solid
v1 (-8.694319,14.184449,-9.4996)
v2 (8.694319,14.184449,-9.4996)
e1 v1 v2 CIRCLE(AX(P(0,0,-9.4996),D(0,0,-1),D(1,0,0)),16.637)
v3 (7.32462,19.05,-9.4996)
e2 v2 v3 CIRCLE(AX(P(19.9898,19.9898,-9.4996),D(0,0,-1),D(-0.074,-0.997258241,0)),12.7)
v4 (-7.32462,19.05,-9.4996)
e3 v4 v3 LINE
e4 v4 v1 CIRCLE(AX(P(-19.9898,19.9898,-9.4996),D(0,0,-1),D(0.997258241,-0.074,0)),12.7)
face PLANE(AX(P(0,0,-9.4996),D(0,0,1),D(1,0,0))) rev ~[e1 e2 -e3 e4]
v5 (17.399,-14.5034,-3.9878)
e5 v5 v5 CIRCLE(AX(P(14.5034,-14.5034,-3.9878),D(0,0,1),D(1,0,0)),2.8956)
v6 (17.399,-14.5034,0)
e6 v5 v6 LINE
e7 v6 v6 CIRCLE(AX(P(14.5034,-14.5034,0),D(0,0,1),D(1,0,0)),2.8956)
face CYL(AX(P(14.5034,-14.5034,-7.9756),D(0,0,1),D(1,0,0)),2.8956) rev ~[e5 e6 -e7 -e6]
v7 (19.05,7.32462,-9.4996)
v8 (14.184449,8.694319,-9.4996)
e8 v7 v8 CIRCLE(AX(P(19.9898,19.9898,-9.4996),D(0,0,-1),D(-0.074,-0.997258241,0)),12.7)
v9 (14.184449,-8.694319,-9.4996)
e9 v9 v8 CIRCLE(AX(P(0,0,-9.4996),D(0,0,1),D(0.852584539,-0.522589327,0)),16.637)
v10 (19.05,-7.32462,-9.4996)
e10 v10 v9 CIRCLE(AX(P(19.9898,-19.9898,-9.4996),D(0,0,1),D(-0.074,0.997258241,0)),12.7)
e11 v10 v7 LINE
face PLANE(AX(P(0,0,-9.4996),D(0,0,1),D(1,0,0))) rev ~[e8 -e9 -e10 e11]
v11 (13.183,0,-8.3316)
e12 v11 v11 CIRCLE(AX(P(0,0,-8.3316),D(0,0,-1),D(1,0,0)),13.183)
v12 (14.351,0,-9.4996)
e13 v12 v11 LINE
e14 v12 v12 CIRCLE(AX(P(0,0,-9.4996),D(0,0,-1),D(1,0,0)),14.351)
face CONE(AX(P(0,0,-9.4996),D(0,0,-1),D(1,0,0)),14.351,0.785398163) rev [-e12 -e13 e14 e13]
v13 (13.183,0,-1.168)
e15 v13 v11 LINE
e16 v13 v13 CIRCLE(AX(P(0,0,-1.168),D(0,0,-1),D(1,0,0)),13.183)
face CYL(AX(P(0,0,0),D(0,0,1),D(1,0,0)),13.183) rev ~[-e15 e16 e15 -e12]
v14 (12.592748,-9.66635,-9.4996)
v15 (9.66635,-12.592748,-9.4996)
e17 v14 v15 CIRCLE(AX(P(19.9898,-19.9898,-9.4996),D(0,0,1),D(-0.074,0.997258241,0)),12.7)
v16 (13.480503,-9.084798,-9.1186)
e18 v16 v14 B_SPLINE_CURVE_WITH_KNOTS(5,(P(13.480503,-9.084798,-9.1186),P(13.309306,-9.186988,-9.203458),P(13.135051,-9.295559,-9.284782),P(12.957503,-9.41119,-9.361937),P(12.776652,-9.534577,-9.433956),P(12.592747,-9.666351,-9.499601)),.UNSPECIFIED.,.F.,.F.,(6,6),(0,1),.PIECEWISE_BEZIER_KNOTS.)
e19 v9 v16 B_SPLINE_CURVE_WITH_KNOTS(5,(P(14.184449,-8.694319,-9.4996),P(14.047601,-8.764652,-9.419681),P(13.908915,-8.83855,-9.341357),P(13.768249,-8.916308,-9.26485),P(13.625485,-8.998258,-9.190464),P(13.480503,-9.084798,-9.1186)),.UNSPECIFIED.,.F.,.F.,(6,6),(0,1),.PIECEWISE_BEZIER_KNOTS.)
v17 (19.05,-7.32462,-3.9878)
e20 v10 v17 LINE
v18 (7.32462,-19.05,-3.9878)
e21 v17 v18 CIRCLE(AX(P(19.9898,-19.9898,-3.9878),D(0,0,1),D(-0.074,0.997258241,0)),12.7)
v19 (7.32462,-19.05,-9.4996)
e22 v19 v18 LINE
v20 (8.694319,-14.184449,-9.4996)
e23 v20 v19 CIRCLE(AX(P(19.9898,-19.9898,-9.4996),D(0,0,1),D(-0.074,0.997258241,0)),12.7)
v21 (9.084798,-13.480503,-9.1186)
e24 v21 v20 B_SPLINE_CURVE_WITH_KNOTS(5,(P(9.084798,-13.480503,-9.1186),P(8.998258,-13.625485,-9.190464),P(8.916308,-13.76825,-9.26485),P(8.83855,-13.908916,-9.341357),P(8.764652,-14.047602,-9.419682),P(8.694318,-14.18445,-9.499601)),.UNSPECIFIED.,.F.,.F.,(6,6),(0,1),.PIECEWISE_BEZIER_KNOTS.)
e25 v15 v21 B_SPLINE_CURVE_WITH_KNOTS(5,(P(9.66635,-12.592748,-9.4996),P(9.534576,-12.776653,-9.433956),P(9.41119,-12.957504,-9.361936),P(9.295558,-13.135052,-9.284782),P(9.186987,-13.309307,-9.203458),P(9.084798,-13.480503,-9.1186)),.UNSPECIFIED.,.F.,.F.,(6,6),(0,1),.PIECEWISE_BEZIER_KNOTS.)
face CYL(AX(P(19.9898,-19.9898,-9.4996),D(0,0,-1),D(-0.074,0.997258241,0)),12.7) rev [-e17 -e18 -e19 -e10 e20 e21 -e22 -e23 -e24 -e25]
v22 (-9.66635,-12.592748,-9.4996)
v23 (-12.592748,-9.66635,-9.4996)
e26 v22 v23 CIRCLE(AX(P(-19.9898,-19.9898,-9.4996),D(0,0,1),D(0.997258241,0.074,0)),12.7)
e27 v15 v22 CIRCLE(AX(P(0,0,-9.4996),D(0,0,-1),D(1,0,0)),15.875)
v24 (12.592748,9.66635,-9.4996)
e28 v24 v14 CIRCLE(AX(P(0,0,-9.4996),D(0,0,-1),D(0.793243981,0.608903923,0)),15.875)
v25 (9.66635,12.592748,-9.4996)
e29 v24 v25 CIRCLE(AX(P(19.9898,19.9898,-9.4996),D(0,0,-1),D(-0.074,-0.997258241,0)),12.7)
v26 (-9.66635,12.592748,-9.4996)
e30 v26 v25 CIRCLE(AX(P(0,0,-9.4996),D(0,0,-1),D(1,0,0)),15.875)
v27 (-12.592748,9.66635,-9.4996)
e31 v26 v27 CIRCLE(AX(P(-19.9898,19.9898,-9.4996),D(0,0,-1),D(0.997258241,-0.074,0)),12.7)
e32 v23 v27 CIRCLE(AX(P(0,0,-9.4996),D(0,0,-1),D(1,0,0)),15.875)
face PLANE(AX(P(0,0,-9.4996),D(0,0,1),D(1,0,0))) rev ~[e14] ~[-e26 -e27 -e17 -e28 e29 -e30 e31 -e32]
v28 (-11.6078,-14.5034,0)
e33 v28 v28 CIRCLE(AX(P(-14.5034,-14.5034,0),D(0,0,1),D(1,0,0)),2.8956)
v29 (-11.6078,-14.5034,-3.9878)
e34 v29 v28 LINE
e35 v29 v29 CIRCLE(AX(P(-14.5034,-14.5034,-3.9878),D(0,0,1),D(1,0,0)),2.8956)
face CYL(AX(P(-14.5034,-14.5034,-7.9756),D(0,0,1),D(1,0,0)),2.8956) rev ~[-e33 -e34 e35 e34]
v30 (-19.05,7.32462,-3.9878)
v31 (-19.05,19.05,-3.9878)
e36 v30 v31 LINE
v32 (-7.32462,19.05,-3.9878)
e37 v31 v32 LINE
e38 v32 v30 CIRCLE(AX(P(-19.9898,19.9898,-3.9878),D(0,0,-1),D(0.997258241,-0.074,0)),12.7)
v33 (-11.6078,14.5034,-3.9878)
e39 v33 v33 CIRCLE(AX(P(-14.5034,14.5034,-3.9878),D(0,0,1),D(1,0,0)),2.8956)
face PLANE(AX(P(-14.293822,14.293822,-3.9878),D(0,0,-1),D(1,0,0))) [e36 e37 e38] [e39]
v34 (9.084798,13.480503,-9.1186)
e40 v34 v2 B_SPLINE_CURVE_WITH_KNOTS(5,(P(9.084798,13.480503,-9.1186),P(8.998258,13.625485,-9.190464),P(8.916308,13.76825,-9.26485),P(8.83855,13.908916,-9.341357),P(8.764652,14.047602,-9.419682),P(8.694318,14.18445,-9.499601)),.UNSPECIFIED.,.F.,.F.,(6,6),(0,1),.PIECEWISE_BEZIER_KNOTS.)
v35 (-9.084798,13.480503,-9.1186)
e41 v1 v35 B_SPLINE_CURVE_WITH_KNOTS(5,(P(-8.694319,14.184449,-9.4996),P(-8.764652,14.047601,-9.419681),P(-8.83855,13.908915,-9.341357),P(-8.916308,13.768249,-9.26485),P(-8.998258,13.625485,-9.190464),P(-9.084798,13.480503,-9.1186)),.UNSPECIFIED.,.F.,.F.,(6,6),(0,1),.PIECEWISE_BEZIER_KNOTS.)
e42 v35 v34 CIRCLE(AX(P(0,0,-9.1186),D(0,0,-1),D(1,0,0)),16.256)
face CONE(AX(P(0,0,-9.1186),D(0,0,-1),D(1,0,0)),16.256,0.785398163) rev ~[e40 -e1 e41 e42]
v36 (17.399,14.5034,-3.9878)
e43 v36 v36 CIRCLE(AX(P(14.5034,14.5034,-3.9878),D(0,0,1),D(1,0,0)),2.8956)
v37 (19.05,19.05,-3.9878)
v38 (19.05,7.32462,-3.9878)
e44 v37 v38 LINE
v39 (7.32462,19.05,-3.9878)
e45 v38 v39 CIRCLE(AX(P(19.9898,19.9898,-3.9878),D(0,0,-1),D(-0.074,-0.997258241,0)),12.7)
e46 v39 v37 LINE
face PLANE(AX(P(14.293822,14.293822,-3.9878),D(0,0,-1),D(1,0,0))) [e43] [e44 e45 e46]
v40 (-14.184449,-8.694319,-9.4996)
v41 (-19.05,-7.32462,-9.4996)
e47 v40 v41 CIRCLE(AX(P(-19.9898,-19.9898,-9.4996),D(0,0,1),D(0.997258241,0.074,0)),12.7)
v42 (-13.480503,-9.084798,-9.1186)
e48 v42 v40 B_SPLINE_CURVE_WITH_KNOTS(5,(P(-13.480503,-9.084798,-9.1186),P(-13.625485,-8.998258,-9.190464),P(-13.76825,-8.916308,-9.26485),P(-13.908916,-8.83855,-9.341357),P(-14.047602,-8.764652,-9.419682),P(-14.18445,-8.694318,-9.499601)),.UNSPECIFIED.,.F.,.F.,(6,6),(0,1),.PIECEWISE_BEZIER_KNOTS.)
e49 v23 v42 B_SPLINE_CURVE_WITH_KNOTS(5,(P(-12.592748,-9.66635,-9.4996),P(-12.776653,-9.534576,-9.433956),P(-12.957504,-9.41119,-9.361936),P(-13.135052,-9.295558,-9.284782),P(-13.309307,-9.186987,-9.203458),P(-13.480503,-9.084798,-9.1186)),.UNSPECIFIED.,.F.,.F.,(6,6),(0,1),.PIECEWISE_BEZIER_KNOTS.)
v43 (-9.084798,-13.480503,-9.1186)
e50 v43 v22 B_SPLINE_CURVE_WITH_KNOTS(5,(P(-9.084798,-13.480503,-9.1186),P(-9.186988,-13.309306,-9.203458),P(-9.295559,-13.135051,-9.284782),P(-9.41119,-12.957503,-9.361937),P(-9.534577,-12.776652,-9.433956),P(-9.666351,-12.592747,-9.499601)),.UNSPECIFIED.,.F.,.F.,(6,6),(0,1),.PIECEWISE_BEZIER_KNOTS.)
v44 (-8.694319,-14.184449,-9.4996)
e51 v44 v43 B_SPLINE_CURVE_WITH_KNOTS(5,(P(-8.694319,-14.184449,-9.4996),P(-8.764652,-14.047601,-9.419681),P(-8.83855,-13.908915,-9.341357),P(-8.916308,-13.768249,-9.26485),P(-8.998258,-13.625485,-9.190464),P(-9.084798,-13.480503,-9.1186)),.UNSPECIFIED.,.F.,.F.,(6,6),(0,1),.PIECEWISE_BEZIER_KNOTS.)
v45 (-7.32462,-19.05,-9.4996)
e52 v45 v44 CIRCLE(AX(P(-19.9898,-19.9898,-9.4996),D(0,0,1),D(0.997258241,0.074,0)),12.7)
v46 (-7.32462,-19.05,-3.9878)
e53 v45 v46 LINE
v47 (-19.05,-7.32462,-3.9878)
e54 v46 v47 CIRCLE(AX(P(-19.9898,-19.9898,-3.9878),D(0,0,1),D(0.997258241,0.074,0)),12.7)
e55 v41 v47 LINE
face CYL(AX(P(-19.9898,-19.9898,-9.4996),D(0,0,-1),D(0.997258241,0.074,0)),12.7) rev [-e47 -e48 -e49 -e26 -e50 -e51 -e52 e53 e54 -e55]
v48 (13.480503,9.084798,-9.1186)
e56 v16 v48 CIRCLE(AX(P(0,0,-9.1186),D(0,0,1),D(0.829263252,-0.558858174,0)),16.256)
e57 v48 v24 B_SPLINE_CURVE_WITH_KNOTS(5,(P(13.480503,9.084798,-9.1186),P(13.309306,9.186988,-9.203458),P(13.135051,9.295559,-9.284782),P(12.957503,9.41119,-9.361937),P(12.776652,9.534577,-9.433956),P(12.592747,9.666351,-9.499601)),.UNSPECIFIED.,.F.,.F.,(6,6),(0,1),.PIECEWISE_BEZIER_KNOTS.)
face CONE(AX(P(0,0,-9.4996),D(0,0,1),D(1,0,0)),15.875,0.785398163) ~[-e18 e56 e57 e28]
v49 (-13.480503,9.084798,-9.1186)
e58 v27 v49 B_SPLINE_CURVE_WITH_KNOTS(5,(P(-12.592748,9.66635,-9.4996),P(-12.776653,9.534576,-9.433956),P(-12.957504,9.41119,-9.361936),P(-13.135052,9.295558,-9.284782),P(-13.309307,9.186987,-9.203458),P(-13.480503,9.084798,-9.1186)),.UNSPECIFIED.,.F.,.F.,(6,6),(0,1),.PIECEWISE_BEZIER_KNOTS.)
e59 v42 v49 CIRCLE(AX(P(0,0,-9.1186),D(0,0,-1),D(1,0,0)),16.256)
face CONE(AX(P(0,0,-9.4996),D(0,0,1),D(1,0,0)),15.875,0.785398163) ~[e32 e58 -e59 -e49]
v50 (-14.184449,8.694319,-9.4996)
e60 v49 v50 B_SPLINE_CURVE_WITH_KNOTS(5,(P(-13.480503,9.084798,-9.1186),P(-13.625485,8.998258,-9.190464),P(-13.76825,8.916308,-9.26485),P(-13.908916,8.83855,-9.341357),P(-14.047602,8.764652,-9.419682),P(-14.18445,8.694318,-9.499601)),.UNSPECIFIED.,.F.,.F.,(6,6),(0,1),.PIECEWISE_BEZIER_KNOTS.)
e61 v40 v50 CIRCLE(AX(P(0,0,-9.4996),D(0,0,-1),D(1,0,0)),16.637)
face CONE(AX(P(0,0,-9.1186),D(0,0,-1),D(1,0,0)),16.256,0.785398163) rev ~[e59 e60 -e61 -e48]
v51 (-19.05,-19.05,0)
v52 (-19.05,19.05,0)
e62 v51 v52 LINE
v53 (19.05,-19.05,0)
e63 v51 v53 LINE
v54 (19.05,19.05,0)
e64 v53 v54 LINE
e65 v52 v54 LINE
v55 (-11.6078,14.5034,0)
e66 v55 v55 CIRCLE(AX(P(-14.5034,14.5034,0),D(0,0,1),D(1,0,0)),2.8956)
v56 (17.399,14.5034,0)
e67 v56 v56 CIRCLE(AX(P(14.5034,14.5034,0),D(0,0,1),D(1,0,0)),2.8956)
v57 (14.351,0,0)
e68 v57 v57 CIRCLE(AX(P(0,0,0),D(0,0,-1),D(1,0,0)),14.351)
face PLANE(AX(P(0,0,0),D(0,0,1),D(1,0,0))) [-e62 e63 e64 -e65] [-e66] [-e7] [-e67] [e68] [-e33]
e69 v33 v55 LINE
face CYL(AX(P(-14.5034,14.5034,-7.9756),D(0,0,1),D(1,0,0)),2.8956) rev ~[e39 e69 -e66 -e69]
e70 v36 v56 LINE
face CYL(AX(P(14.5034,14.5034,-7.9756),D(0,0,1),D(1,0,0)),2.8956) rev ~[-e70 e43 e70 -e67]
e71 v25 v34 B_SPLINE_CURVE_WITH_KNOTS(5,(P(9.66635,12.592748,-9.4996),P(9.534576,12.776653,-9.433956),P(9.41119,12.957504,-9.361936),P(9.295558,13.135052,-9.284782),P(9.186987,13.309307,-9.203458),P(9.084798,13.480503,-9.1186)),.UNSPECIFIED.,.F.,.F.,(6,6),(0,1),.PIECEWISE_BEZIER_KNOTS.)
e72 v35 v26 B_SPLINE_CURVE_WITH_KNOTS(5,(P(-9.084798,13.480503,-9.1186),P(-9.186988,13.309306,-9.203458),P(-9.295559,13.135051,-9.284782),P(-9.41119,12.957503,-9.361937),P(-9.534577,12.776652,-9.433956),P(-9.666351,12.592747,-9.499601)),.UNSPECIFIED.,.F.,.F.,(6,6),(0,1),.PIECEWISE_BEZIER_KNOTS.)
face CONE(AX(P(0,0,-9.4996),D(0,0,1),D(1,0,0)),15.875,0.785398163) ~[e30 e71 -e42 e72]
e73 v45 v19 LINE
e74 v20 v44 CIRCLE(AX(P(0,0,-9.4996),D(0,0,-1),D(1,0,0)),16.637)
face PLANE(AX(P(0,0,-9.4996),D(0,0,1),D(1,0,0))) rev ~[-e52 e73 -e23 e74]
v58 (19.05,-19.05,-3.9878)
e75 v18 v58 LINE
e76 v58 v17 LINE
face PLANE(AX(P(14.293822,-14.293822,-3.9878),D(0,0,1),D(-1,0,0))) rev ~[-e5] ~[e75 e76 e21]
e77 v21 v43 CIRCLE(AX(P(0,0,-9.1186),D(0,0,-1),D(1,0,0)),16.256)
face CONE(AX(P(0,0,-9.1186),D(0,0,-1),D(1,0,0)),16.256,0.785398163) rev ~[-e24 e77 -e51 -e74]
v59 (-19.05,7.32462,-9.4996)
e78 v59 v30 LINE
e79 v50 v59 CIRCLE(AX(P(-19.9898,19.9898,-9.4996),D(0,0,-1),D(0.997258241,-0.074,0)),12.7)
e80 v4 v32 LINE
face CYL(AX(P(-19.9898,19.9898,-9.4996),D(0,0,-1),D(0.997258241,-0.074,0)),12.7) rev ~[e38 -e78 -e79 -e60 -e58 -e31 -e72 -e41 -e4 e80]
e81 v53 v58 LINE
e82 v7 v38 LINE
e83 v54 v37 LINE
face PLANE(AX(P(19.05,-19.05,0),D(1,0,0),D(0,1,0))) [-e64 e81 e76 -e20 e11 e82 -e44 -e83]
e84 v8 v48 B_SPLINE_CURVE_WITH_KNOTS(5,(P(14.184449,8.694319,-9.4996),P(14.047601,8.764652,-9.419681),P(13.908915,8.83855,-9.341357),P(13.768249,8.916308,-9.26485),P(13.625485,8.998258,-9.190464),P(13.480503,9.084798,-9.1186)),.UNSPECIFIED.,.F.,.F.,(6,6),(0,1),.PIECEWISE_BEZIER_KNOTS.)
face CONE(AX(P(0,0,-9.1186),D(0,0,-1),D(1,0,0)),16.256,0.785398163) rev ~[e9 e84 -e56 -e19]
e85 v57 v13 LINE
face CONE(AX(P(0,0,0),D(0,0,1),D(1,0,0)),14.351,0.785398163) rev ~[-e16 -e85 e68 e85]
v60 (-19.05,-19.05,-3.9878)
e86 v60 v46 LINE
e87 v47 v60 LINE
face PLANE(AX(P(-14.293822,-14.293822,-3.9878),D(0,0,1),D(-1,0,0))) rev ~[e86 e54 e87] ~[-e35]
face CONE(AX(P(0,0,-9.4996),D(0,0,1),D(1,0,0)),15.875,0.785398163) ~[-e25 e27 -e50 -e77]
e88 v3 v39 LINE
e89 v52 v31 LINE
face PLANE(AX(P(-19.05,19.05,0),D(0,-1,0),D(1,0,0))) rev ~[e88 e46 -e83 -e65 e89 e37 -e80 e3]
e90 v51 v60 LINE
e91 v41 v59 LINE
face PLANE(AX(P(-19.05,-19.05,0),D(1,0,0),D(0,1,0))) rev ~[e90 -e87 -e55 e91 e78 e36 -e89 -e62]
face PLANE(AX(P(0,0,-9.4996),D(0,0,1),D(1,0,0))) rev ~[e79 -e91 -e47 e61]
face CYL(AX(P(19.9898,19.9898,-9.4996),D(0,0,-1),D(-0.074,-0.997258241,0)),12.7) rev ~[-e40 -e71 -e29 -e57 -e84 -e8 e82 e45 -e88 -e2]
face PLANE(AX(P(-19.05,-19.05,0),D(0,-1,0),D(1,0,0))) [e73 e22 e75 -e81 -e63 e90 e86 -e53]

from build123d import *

# Parameters (mm, degrees)
SKETCH1_W          = 38.1
SKETCH1_H          = 38.1
SKETCH1_R          = 13.183
EXTRUDE1_DEPTH     = 9.4996
CUT_EXTRUDE1_DEPTH = 5.5118
HOLE1_D            = 5.7912
HOLE1_DEPTH        = 3.9878


with BuildPart() as part:
    # Sketch1 → Extrude1 (new body)
    with BuildSketch(Plane.XY):
        Rectangle(SKETCH1_W, SKETCH1_H)
        Circle(SKETCH1_R, mode=Mode.SUBTRACT)
    extrude(amount=-EXTRUDE1_DEPTH)

    # Sketch2 → Cut-Extrude1 (cut)
    with BuildSketch(Plane(origin=(0, 0, -9.4996), x_dir=(1, 0, 0), z_dir=(0, 0, -1))):
        with BuildLine():
            Line((19.05, 19.05), (19.05, 7.324620334))
            ThreePointArc((19.05, 7.324620334), (11.009543879, 11.009543879), (7.324620334, 19.05))
            Line((7.324620334, 19.05), (19.05, 19.05))
        make_face()
        with BuildLine():
            Line((19.05, -19.05), (19.05, -7.324620334))
            ThreePointArc((19.05, -7.324620334), (11.009543879, -11.009543879), (7.324620334, -19.05))
            Line((7.324620334, -19.05), (19.05, -19.05))
        make_face()
        with BuildLine():
            Line((-19.05, -19.05), (-7.324620334, -19.05))
            ThreePointArc((-7.324620334, -19.05), (-11.009543879, -11.009543879), (-19.05, -7.324620334))
            Line((-19.05, -7.324620334), (-19.05, -19.05))
        make_face()
        with BuildLine():
            Line((-19.05, 19.05), (-7.324620334, 19.05))
            ThreePointArc((-7.324620334, 19.05), (-11.009543879, 11.009543879), (-19.05, 7.324620334))
            Line((-19.05, 7.324620334), (-19.05, 19.05))
        make_face()
    extrude(amount=-CUT_EXTRUDE1_DEPTH, mode=Mode.SUBTRACT)

    # Hole1
    with Locations(Plane(origin=(0, 0, -3.9878), x_dir=(-1, 0, 0), z_dir=(0, 0, -1))):
        with Locations((14.5034, 14.5034), (14.5034, -14.5034), (-14.5034, 14.5034), (-14.5034, -14.5034)):
            Hole(HOLE1_D / 2, depth=HOLE1_DEPTH)

    # Sketch5 → Cut-Revolve1 (revolve, cut)
    with BuildSketch(Plane(origin=(0, 0, 0), x_dir=(0, 0, -1), z_dir=(1, 0, 0)), mode=Mode.PRIVATE) as cut_revolve1_sk:
        Polygon((9.4996, 13.183), (9.4996, 14.351), (8.3316, 13.183), align=None)
        Polygon((1.168, 13.183), (0, 13.183), (0, 14.351), align=None)
    revolve(cut_revolve1_sk.sketch.rotate(Axis((0, 0, 7.380919067), (0, 0, -1)), 90), axis=Axis((0, 0, 7.380919067), (0, 0, -1)), mode=Mode.SUBTRACT)  # turned: the seam where the file's is

    # Sketch6 → Cut-Revolve2 (revolve, cut)
    with BuildSketch(Plane(origin=(0, 0, 0), x_dir=(1, 0, 0), z_dir=(0, 1, 0))):
        Polygon((15.875, 9.4996), (16.256, 9.1186), (16.637, 9.4996), align=None)
    revolve(axis=Axis((0, 0, 0), (0, 0, -1)), mode=Mode.SUBTRACT)


solid = part.part
